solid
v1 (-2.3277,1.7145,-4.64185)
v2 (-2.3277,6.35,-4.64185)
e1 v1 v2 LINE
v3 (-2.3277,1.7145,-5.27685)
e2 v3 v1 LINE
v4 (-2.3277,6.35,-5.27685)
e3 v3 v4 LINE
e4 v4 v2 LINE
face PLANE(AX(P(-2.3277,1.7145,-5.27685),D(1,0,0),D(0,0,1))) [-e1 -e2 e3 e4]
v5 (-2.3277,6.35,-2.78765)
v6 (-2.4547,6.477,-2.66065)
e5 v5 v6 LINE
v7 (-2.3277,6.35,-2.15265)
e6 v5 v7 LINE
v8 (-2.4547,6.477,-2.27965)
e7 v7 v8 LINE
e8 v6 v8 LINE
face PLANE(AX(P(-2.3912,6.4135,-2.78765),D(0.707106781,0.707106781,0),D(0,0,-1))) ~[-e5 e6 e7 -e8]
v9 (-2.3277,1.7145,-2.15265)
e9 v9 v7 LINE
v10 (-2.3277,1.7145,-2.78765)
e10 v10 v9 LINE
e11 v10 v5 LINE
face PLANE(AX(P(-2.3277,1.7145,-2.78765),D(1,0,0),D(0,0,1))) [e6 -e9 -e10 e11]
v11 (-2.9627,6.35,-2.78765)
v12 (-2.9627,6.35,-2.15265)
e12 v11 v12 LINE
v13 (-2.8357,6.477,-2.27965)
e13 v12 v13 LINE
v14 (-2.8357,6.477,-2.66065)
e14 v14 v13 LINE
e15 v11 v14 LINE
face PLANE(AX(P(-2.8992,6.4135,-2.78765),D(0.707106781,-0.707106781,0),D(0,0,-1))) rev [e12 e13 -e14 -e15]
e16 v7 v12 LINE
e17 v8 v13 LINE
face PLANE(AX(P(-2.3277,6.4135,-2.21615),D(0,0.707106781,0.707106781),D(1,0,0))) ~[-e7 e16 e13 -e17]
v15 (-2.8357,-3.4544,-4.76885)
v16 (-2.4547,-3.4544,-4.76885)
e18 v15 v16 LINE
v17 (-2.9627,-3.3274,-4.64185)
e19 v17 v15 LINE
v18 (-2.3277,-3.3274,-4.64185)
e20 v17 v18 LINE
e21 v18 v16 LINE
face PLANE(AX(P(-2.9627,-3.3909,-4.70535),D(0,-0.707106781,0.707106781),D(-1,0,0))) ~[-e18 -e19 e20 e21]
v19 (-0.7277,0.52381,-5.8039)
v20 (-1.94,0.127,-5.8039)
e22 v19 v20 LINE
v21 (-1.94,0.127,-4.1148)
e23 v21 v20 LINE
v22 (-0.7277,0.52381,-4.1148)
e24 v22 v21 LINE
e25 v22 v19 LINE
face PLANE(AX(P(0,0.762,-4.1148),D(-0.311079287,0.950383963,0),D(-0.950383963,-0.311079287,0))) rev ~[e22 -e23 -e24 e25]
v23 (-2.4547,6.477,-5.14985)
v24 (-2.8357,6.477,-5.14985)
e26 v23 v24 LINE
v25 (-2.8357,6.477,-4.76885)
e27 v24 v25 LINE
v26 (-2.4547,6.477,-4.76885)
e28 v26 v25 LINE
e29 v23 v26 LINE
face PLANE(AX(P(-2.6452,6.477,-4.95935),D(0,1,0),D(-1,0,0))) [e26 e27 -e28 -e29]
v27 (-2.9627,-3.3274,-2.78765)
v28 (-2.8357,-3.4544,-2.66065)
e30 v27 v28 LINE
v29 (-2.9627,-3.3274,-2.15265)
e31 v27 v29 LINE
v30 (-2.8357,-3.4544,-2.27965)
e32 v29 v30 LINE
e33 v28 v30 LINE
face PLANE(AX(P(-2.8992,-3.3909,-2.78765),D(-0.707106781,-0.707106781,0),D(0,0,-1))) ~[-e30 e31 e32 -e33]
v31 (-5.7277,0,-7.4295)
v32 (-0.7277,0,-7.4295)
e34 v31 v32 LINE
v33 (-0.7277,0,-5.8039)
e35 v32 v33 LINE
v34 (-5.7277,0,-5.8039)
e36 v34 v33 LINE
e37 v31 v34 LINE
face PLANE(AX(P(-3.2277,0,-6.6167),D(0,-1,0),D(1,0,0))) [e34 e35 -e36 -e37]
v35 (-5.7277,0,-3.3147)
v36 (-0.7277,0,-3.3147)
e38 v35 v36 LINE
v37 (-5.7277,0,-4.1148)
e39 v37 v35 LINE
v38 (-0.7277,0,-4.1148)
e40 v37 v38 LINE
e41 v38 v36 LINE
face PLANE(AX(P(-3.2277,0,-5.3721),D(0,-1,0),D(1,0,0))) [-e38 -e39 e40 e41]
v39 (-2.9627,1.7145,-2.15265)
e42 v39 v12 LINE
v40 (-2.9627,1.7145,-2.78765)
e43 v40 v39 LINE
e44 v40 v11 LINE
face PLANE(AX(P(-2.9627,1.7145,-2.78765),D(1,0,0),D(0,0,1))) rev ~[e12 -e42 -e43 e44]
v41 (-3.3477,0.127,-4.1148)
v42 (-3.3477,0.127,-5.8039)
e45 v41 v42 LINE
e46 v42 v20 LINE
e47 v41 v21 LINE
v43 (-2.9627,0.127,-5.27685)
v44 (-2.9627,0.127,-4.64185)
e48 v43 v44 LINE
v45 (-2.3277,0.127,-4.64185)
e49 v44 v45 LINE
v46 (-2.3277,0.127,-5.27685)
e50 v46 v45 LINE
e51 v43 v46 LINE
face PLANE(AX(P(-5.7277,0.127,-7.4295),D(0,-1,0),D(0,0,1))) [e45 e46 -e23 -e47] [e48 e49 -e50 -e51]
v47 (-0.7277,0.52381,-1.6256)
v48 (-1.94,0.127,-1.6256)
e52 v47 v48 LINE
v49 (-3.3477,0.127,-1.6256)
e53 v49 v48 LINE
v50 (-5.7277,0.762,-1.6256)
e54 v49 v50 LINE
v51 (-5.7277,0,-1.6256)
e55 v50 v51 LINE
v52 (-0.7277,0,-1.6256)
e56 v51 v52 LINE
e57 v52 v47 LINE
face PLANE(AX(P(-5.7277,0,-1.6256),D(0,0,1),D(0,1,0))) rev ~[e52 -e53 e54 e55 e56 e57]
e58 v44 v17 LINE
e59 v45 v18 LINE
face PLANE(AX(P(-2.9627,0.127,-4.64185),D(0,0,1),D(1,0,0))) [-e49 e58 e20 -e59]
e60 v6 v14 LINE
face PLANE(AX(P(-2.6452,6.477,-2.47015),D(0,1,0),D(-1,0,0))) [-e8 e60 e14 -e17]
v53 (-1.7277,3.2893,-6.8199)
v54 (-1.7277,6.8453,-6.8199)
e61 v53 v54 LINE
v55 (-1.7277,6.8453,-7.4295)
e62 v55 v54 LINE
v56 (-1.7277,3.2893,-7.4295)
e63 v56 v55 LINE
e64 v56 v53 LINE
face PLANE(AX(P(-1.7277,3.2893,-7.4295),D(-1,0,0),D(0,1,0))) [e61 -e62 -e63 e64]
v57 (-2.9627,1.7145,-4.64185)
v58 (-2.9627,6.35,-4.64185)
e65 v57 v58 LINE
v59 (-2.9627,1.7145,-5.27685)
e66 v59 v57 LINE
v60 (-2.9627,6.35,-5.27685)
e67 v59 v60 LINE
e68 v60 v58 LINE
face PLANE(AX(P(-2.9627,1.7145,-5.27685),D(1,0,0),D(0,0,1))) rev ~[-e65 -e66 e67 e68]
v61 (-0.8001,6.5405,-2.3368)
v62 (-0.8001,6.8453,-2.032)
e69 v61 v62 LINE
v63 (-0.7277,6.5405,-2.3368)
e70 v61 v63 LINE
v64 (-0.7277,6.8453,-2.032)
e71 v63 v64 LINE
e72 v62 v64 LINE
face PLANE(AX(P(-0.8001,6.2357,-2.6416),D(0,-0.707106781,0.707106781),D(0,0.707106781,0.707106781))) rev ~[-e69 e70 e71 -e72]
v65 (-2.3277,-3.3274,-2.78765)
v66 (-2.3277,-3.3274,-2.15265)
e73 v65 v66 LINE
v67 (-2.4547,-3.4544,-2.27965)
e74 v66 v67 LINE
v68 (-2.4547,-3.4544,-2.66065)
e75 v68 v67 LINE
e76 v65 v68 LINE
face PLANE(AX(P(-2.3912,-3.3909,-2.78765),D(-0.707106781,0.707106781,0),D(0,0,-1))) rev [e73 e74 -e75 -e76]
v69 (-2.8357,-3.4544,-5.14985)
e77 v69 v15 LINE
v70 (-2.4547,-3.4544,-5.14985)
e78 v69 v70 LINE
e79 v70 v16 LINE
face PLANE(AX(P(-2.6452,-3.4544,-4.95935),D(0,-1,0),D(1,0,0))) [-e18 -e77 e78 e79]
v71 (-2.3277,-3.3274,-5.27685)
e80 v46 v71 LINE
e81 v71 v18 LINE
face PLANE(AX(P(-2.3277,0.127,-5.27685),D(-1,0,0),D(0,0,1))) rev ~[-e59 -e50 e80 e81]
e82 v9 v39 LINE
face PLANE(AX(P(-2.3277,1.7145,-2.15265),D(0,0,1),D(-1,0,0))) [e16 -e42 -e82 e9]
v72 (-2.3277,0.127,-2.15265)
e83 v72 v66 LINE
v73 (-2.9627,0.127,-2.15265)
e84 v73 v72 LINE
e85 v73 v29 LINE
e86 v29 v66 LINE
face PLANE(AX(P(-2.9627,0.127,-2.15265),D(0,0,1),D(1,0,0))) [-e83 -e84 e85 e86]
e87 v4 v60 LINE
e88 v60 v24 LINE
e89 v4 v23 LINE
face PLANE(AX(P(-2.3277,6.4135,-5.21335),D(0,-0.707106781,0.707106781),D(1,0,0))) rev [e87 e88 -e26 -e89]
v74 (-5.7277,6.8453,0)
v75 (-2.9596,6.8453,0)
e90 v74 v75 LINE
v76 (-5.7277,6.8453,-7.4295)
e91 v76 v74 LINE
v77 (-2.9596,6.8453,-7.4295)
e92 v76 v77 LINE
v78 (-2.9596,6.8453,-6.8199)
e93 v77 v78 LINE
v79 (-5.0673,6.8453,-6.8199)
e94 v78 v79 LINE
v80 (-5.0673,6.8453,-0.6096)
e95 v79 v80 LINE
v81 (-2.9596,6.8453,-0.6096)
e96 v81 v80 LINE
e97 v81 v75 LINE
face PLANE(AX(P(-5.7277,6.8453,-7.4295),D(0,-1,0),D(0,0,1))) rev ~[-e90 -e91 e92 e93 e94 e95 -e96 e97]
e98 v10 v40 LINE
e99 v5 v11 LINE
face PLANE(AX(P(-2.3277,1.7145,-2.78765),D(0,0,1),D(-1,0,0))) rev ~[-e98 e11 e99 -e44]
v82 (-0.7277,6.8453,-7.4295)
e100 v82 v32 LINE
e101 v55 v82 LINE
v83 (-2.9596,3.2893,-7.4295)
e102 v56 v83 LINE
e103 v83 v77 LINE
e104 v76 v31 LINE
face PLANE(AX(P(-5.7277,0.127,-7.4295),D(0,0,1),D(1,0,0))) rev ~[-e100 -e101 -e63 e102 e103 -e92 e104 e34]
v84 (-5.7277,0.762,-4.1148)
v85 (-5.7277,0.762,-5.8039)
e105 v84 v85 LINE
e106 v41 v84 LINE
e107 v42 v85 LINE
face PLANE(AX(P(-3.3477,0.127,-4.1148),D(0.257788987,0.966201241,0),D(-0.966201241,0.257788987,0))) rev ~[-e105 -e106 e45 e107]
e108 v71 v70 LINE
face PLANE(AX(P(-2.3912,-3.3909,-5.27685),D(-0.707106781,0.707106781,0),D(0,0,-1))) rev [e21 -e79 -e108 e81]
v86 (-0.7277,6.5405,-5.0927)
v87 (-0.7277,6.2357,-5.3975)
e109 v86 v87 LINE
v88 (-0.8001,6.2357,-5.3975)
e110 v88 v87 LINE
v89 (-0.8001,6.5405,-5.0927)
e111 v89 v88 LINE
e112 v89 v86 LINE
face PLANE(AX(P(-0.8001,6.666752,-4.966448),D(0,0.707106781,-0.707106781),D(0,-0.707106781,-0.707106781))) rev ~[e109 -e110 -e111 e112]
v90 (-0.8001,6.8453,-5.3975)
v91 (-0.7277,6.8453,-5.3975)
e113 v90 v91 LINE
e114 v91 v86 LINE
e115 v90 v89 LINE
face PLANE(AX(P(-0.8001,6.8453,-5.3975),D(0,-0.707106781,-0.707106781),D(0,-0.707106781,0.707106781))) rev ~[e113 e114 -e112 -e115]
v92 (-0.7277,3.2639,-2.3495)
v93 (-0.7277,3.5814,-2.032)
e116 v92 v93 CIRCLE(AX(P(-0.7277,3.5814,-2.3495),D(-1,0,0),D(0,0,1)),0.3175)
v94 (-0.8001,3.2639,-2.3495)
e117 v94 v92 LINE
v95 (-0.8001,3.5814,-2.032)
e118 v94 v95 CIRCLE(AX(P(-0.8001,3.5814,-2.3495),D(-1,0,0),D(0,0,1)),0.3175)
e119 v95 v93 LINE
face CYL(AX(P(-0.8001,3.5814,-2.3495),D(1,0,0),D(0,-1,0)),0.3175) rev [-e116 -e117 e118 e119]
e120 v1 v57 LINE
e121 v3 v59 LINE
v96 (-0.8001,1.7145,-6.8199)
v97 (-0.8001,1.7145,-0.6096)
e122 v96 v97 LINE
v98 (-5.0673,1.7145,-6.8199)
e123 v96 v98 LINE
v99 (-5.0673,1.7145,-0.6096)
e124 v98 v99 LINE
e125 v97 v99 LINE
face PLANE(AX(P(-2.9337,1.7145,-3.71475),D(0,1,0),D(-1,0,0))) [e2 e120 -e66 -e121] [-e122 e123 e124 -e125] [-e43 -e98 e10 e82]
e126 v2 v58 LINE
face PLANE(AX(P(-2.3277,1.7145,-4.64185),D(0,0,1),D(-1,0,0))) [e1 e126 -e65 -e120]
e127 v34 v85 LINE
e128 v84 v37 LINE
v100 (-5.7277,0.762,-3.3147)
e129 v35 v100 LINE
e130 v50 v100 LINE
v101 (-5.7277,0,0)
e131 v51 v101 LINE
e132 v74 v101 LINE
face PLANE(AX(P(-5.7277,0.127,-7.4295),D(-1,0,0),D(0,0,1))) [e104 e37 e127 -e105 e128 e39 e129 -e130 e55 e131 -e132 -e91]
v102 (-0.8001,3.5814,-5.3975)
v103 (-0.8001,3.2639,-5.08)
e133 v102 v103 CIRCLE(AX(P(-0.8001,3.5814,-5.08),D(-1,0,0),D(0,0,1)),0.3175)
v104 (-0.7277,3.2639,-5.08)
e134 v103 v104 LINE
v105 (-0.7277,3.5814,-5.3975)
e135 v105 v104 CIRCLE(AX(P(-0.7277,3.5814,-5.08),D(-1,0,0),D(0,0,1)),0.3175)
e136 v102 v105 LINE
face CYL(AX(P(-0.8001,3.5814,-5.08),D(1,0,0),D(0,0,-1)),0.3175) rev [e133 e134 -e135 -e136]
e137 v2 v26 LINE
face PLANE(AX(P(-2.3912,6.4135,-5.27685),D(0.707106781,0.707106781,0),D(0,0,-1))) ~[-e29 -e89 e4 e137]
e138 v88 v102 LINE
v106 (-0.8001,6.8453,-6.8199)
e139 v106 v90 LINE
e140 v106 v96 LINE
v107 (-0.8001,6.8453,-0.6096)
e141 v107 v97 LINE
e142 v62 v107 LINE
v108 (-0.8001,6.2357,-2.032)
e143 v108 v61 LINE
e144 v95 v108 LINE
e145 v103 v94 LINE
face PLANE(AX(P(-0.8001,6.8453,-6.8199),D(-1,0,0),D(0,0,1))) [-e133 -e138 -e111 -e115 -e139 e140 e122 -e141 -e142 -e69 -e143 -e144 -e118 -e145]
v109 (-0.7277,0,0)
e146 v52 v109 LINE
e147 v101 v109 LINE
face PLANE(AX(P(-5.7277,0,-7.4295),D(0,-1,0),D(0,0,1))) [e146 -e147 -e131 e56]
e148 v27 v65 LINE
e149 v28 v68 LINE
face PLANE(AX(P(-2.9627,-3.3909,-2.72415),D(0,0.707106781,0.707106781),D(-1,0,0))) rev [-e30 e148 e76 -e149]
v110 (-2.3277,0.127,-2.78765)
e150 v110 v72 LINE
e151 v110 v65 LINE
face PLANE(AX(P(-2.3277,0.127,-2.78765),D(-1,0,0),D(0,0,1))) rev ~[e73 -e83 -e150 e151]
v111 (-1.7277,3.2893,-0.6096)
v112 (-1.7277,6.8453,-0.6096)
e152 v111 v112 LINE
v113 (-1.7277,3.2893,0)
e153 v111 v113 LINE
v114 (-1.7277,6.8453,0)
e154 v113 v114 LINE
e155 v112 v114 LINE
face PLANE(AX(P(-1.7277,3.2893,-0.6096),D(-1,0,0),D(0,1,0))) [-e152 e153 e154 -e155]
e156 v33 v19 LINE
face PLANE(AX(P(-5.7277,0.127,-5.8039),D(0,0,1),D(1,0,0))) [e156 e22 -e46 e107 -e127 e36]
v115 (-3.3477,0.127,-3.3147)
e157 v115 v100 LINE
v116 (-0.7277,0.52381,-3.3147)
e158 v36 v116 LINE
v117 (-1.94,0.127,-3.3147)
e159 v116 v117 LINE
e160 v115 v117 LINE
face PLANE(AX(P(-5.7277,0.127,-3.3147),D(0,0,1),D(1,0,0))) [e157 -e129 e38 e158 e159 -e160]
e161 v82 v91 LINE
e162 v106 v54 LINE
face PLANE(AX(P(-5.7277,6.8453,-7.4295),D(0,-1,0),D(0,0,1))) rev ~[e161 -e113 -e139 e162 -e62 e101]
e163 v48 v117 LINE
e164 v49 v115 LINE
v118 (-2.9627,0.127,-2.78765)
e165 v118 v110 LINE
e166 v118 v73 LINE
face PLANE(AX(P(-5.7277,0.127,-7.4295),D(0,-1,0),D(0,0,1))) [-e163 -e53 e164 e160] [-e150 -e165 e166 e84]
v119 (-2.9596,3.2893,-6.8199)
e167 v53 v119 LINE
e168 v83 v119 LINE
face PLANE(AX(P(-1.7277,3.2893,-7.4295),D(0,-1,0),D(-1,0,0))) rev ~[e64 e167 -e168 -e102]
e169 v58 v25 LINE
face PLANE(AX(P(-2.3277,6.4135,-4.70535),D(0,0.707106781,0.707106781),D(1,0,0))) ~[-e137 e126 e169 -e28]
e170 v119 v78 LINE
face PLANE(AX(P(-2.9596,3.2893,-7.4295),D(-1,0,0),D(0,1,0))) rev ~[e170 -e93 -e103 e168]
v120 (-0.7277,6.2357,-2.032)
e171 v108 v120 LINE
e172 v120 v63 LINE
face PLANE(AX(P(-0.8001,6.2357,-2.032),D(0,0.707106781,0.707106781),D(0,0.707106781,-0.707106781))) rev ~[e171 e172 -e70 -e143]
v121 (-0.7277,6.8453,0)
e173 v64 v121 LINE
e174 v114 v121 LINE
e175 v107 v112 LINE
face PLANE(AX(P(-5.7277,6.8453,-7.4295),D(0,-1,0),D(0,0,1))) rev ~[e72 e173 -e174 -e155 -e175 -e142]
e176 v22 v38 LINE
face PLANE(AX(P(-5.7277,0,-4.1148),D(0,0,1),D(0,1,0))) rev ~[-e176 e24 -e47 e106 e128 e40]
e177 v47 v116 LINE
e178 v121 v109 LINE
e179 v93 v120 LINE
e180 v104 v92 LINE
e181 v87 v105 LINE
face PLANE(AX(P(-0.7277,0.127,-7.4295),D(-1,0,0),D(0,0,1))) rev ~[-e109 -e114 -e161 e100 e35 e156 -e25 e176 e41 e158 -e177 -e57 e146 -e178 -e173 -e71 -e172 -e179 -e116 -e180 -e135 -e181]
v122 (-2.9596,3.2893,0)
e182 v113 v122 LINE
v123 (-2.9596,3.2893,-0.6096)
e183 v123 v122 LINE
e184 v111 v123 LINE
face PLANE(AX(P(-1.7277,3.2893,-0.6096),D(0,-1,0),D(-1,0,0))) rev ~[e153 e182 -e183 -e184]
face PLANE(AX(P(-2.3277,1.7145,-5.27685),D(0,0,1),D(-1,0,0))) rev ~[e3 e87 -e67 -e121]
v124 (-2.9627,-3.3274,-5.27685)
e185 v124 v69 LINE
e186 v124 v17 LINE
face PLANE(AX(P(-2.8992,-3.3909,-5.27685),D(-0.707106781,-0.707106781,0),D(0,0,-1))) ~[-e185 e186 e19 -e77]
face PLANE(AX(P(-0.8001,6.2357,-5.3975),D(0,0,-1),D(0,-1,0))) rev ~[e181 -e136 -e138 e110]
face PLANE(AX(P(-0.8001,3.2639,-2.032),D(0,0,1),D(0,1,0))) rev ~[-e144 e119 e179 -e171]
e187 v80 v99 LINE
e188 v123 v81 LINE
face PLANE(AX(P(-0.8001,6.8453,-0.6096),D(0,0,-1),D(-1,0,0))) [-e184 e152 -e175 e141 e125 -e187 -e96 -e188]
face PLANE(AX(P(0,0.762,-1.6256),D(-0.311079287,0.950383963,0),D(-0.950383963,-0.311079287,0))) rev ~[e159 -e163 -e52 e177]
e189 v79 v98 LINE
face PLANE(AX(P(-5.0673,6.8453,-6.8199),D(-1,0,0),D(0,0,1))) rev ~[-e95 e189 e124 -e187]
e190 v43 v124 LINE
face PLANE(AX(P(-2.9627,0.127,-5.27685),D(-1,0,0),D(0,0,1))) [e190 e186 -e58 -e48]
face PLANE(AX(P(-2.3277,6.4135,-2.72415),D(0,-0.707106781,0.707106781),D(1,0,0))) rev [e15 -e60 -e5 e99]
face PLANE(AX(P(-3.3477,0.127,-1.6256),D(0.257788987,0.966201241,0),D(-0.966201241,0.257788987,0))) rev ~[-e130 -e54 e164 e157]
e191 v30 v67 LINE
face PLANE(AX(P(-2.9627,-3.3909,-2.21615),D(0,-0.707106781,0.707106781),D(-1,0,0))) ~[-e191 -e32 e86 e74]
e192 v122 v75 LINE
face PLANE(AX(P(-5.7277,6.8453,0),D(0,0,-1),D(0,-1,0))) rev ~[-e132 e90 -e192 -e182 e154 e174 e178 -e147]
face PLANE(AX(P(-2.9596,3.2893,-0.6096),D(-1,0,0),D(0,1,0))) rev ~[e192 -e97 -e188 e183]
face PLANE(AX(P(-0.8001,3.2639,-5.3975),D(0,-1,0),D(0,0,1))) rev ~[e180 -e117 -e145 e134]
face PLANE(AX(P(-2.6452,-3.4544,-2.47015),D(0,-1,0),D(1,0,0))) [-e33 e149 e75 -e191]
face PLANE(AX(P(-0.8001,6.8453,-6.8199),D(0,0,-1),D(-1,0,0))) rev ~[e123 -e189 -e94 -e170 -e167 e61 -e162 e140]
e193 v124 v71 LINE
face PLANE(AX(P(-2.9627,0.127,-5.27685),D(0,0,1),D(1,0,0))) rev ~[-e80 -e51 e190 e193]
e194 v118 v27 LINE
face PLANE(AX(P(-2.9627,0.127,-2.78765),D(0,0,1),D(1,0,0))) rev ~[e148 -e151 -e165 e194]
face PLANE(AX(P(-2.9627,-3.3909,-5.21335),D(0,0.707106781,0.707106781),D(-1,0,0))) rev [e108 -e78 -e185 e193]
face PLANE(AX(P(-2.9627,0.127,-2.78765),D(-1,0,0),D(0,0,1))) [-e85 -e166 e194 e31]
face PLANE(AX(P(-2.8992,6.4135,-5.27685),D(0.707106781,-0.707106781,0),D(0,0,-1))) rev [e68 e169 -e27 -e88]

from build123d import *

# Parameters (mm, degrees)
SKETCH1_W           = 6.8453
SKETCH1_H           = 7.4295
BOSS_EXTRUDE1_DEPTH = 5
SKETCH2_W           = 5.8039
SKETCH2_H           = 0.127
CUT_EXTRUDE1_DEPTH  = 5.7277
CUT_EXTRUDE2_DEPTH  = 1.6891
CUT_EXTRUDE3_DEPTH  = 1.6891
SKETCH5_W           = 5
SKETCH5_H           = 4.1148
BOSS_EXTRUDE2_DEPTH = 0.127
SKETCH6_W           = 3.3147
SKETCH6_H           = 0.127
CUT_EXTRUDE4_DEPTH  = 6
CUT_EXTRUDE5_DEPTH  = 1.6891
CUT_EXTRUDE6_DEPTH  = 1.6891
SKETCH9_W           = 5
SKETCH9_H           = 1.6256
BOSS_EXTRUDE3_DEPTH = 0.127
SKETCH10_W          = 4.2672
SKETCH10_H          = 6.2103
CUT_EXTRUDE7_DEPTH  = 5.1308
CUT_EXTRUDE8_DEPTH  = 1.0724
SKETCH12_W          = 1.2319
SKETCH12_H          = 3.556
CUT_EXTRUDE9_DEPTH  = 1.6096
SKETCH13_W          = 1.2319
SKETCH13_H          = 3.556
CUT_EXTRUDE10_DEPTH = 8.4295
SKETCH14_W          = 0.635
SKETCH14_H          = 0.635
BOSS_EXTRUDE4_DEPTH = 3.5814
SKETCH15_W          = 0.635
SKETCH15_H          = 0.635
BOSS_EXTRUDE5_DEPTH = 3.5814
SKETCH16_W          = 0.635
SKETCH16_H          = 0.635
BOSS_EXTRUDE6_DEPTH = 4.7625
SKETCH17_W          = 0.635
SKETCH17_H          = 0.635
BOSS_EXTRUDE7_DEPTH = 4.7625
DRAFT1_ANGLE        = 45
DRAFT2_ANGLE        = 45
CHAMFER1_SIZE       = 0.127
FILLET1_R           = 0.3175


with BuildPart() as part:
    # Sketch1 → Boss-Extrude1 (new body)
    with BuildSketch(Plane(origin=(-5.7277, 0, 0), x_dir=(0, -1, 0), z_dir=(-1, 0, 0))):
        with Locations((-3.42265, -3.71475)):
            Rectangle(SKETCH1_W, SKETCH1_H)
    extrude(amount=-BOSS_EXTRUDE1_DEPTH)

    # Sketch2 → Cut-Extrude1 (cut)
    with BuildSketch(Plane.ZY.offset(5.7277)):
        with Locations((-4.52755, 0.0635)):
            Rectangle(SKETCH2_W, SKETCH2_H)
    extrude(amount=-CUT_EXTRUDE1_DEPTH, mode=Mode.SUBTRACT)

    # Sketch3 → Cut-Extrude2 (cut)
    with BuildSketch(Plane.XY.offset(-1.6256)):
        Polygon((-5.7277, 0.127), (-3.3477, 0.127), (-5.7277, 0.762), align=None)
    extrude(amount=-CUT_EXTRUDE2_DEPTH, mode=Mode.SUBTRACT)

    # Sketch4 → Cut-Extrude3 (cut)
    with BuildSketch(Plane.XY.offset(-1.6256)):
        Polygon((-1.94, 0.127), (0, 0.127), (0, 0.762), align=None)
    extrude(amount=-CUT_EXTRUDE3_DEPTH, mode=Mode.SUBTRACT)

    # Sketch5 → Boss-Extrude2 (add)
    with BuildSketch(Plane.XZ.offset(-0.127)):
        with Locations((-3.2277, -5.3721)):
            Rectangle(SKETCH5_W, SKETCH5_H)
    extrude(amount=BOSS_EXTRUDE2_DEPTH)

    # Sketch6 → Cut-Extrude4 (cut, through all)
    with BuildSketch(Plane.ZY.offset(5.7277)):
        with Locations((-5.77215, 0.0635)):
            Rectangle(SKETCH6_W, SKETCH6_H)
    extrude(amount=-CUT_EXTRUDE4_DEPTH, mode=Mode.SUBTRACT)

    # Sketch7 → Cut-Extrude5 (cut)
    with BuildSketch(Plane.XY.offset(-4.1148)):
        Polygon((-5.7277, 0.127), (-3.3477, 0.127), (-5.7277, 0.762), align=None)
    extrude(amount=-CUT_EXTRUDE5_DEPTH, mode=Mode.SUBTRACT)

    # Sketch8 → Cut-Extrude6 (cut)
    with BuildSketch(Plane.XY.offset(-4.1148)):
        Polygon((-1.94, 0.127), (0, 0.127), (0, 0.762), align=None)
    extrude(amount=-CUT_EXTRUDE6_DEPTH, mode=Mode.SUBTRACT)

    # Sketch9 → Boss-Extrude3 (add)
    with BuildSketch(Plane.XZ.offset(-0.127)):
        with Locations((-3.2277, -6.6167)):
            Rectangle(SKETCH9_W, SKETCH9_H)
    extrude(amount=BOSS_EXTRUDE3_DEPTH)

    # Sketch10 → Cut-Extrude7 (cut)
    with BuildSketch(Plane(origin=(0, 6.8453, 0), x_dir=(-1, 0, 0), z_dir=(0, 1, 0))):
        with Locations((2.9337, -3.71475)):
            Rectangle(SKETCH10_W, SKETCH10_H)
    extrude(amount=-CUT_EXTRUDE7_DEPTH, mode=Mode.SUBTRACT)

    # Sketch11 → Cut-Extrude8 (cut, through all)
    with BuildSketch(Plane.ZY.offset(0.8001)):
        Polygon((-2.032, 6.8453), (-5.3975, 6.8453), (-4.7879, 6.2357), (-5.3975, 6.2357), (-5.3975, 3.2639), (-2.032, 3.2639), (-2.032, 6.2357), (-2.6416, 6.2357), align=None)
    extrude(amount=-CUT_EXTRUDE8_DEPTH, mode=Mode.SUBTRACT)

    # Sketch12 → Cut-Extrude9 (cut, through all)
    with BuildSketch(Plane(origin=(0, 0, -0.6096), x_dir=(-1, 0, 0), z_dir=(0, 0, -1))):
        with Locations((2.34365, 5.0673)):
            Rectangle(SKETCH12_W, SKETCH12_H)
    extrude(amount=-CUT_EXTRUDE9_DEPTH, mode=Mode.SUBTRACT)

    # Sketch13 → Cut-Extrude10 (cut, through all)
    with BuildSketch(Plane(origin=(0, 0, -7.4295), x_dir=(-1, 0, 0), z_dir=(0, 0, -1))):
        with Locations((2.34365, 5.0673)):
            Rectangle(SKETCH13_W, SKETCH13_H)
    extrude(amount=-CUT_EXTRUDE10_DEPTH, mode=Mode.SUBTRACT)

    # Sketch14 → Boss-Extrude4 (add)
    with BuildSketch(Plane.XZ.offset(-0.127)):
        with Locations((-2.6452, -4.95935)):
            Rectangle(SKETCH14_W, SKETCH14_H)
    extrude(amount=BOSS_EXTRUDE4_DEPTH)

    # Sketch15 → Boss-Extrude5 (add)
    with BuildSketch(Plane.XZ.offset(-0.127)):
        with Locations((-2.6452, -2.47015)):
            Rectangle(SKETCH15_W, SKETCH15_H)
    extrude(amount=BOSS_EXTRUDE5_DEPTH)

    # Sketch16 → Boss-Extrude6 (add)
    with BuildSketch(Plane(origin=(0, 1.7145, 0), x_dir=(-1, 0, 0), z_dir=(0, 1, 0))):
        with Locations((2.6452, -4.95935)):
            Rectangle(SKETCH16_W, SKETCH16_H)
    extrude(amount=BOSS_EXTRUDE6_DEPTH)

    # Sketch17 → Boss-Extrude7 (add)
    with BuildSketch(Plane(origin=(0, 1.7145, 0), x_dir=(-1, 0, 0), z_dir=(0, 1, 0))):
        with Locations((2.6452, -2.47015)):
            Rectangle(SKETCH17_W, SKETCH17_H)
    extrude(amount=BOSS_EXTRUDE7_DEPTH)

    # Draft1
    draft1_faces = [part.faces().sort_by_distance(p)[0] for p in [
        (-0.7639, 6.2357, -2.3368),
    ]]
    draft(draft1_faces, Plane(origin=(-0.7277, 3.2639, -2.032), x_dir=(-1, 0, 0), z_dir=(0, 0, -1)), DRAFT1_ANGLE)

    # Draft2
    draft2_faces = [part.faces().sort_by_distance(p)[0] for p in [
        (-0.7639, 6.2357, -5.0927),
    ]]
    draft(draft2_faces, Plane(origin=(-0.7277, 6.2357, -5.3975), x_dir=(1, 0, 0), z_dir=(0, 0, 1)), DRAFT2_ANGLE)

    # Chamfer1
    chamfer1_edges = [part.edges().sort_by_distance(p)[0] for p in [
        (-2.3277, -3.4544, -4.95935),
        (-2.6452, -3.4544, -4.64185),
        (-2.9627, -3.4544, -4.95935),
        (-2.6452, -3.4544, -5.27685),
        (-2.9627, -3.4544, -2.47015),
        (-2.6452, -3.4544, -2.78765),
        (-2.3277, -3.4544, -2.47015),
        (-2.6452, -3.4544, -2.15265),
        (-2.6452, 6.477, -4.64185),
        (-2.3277, 6.477, -4.95935),
        (-2.6452, 6.477, -5.27685),
        (-2.9627, 6.477, -4.95935),
        (-2.3277, 6.477, -2.47015),
        (-2.6452, 6.477, -2.78765),
        (-2.9627, 6.477, -2.47015),
        (-2.6452, 6.477, -2.15265),
    ]]
    chamfer(chamfer1_edges, length=CHAMFER1_SIZE)

    # Fillet1
    fillet1_edges = [part.edges().sort_by_distance(p)[0] for p in [
        (-0.7639, 3.2639, -2.032),
        (-0.7639, 3.2639, -5.3975),
    ]]
    fillet(fillet1_edges, radius=FILLET1_R)


solid = part.part
